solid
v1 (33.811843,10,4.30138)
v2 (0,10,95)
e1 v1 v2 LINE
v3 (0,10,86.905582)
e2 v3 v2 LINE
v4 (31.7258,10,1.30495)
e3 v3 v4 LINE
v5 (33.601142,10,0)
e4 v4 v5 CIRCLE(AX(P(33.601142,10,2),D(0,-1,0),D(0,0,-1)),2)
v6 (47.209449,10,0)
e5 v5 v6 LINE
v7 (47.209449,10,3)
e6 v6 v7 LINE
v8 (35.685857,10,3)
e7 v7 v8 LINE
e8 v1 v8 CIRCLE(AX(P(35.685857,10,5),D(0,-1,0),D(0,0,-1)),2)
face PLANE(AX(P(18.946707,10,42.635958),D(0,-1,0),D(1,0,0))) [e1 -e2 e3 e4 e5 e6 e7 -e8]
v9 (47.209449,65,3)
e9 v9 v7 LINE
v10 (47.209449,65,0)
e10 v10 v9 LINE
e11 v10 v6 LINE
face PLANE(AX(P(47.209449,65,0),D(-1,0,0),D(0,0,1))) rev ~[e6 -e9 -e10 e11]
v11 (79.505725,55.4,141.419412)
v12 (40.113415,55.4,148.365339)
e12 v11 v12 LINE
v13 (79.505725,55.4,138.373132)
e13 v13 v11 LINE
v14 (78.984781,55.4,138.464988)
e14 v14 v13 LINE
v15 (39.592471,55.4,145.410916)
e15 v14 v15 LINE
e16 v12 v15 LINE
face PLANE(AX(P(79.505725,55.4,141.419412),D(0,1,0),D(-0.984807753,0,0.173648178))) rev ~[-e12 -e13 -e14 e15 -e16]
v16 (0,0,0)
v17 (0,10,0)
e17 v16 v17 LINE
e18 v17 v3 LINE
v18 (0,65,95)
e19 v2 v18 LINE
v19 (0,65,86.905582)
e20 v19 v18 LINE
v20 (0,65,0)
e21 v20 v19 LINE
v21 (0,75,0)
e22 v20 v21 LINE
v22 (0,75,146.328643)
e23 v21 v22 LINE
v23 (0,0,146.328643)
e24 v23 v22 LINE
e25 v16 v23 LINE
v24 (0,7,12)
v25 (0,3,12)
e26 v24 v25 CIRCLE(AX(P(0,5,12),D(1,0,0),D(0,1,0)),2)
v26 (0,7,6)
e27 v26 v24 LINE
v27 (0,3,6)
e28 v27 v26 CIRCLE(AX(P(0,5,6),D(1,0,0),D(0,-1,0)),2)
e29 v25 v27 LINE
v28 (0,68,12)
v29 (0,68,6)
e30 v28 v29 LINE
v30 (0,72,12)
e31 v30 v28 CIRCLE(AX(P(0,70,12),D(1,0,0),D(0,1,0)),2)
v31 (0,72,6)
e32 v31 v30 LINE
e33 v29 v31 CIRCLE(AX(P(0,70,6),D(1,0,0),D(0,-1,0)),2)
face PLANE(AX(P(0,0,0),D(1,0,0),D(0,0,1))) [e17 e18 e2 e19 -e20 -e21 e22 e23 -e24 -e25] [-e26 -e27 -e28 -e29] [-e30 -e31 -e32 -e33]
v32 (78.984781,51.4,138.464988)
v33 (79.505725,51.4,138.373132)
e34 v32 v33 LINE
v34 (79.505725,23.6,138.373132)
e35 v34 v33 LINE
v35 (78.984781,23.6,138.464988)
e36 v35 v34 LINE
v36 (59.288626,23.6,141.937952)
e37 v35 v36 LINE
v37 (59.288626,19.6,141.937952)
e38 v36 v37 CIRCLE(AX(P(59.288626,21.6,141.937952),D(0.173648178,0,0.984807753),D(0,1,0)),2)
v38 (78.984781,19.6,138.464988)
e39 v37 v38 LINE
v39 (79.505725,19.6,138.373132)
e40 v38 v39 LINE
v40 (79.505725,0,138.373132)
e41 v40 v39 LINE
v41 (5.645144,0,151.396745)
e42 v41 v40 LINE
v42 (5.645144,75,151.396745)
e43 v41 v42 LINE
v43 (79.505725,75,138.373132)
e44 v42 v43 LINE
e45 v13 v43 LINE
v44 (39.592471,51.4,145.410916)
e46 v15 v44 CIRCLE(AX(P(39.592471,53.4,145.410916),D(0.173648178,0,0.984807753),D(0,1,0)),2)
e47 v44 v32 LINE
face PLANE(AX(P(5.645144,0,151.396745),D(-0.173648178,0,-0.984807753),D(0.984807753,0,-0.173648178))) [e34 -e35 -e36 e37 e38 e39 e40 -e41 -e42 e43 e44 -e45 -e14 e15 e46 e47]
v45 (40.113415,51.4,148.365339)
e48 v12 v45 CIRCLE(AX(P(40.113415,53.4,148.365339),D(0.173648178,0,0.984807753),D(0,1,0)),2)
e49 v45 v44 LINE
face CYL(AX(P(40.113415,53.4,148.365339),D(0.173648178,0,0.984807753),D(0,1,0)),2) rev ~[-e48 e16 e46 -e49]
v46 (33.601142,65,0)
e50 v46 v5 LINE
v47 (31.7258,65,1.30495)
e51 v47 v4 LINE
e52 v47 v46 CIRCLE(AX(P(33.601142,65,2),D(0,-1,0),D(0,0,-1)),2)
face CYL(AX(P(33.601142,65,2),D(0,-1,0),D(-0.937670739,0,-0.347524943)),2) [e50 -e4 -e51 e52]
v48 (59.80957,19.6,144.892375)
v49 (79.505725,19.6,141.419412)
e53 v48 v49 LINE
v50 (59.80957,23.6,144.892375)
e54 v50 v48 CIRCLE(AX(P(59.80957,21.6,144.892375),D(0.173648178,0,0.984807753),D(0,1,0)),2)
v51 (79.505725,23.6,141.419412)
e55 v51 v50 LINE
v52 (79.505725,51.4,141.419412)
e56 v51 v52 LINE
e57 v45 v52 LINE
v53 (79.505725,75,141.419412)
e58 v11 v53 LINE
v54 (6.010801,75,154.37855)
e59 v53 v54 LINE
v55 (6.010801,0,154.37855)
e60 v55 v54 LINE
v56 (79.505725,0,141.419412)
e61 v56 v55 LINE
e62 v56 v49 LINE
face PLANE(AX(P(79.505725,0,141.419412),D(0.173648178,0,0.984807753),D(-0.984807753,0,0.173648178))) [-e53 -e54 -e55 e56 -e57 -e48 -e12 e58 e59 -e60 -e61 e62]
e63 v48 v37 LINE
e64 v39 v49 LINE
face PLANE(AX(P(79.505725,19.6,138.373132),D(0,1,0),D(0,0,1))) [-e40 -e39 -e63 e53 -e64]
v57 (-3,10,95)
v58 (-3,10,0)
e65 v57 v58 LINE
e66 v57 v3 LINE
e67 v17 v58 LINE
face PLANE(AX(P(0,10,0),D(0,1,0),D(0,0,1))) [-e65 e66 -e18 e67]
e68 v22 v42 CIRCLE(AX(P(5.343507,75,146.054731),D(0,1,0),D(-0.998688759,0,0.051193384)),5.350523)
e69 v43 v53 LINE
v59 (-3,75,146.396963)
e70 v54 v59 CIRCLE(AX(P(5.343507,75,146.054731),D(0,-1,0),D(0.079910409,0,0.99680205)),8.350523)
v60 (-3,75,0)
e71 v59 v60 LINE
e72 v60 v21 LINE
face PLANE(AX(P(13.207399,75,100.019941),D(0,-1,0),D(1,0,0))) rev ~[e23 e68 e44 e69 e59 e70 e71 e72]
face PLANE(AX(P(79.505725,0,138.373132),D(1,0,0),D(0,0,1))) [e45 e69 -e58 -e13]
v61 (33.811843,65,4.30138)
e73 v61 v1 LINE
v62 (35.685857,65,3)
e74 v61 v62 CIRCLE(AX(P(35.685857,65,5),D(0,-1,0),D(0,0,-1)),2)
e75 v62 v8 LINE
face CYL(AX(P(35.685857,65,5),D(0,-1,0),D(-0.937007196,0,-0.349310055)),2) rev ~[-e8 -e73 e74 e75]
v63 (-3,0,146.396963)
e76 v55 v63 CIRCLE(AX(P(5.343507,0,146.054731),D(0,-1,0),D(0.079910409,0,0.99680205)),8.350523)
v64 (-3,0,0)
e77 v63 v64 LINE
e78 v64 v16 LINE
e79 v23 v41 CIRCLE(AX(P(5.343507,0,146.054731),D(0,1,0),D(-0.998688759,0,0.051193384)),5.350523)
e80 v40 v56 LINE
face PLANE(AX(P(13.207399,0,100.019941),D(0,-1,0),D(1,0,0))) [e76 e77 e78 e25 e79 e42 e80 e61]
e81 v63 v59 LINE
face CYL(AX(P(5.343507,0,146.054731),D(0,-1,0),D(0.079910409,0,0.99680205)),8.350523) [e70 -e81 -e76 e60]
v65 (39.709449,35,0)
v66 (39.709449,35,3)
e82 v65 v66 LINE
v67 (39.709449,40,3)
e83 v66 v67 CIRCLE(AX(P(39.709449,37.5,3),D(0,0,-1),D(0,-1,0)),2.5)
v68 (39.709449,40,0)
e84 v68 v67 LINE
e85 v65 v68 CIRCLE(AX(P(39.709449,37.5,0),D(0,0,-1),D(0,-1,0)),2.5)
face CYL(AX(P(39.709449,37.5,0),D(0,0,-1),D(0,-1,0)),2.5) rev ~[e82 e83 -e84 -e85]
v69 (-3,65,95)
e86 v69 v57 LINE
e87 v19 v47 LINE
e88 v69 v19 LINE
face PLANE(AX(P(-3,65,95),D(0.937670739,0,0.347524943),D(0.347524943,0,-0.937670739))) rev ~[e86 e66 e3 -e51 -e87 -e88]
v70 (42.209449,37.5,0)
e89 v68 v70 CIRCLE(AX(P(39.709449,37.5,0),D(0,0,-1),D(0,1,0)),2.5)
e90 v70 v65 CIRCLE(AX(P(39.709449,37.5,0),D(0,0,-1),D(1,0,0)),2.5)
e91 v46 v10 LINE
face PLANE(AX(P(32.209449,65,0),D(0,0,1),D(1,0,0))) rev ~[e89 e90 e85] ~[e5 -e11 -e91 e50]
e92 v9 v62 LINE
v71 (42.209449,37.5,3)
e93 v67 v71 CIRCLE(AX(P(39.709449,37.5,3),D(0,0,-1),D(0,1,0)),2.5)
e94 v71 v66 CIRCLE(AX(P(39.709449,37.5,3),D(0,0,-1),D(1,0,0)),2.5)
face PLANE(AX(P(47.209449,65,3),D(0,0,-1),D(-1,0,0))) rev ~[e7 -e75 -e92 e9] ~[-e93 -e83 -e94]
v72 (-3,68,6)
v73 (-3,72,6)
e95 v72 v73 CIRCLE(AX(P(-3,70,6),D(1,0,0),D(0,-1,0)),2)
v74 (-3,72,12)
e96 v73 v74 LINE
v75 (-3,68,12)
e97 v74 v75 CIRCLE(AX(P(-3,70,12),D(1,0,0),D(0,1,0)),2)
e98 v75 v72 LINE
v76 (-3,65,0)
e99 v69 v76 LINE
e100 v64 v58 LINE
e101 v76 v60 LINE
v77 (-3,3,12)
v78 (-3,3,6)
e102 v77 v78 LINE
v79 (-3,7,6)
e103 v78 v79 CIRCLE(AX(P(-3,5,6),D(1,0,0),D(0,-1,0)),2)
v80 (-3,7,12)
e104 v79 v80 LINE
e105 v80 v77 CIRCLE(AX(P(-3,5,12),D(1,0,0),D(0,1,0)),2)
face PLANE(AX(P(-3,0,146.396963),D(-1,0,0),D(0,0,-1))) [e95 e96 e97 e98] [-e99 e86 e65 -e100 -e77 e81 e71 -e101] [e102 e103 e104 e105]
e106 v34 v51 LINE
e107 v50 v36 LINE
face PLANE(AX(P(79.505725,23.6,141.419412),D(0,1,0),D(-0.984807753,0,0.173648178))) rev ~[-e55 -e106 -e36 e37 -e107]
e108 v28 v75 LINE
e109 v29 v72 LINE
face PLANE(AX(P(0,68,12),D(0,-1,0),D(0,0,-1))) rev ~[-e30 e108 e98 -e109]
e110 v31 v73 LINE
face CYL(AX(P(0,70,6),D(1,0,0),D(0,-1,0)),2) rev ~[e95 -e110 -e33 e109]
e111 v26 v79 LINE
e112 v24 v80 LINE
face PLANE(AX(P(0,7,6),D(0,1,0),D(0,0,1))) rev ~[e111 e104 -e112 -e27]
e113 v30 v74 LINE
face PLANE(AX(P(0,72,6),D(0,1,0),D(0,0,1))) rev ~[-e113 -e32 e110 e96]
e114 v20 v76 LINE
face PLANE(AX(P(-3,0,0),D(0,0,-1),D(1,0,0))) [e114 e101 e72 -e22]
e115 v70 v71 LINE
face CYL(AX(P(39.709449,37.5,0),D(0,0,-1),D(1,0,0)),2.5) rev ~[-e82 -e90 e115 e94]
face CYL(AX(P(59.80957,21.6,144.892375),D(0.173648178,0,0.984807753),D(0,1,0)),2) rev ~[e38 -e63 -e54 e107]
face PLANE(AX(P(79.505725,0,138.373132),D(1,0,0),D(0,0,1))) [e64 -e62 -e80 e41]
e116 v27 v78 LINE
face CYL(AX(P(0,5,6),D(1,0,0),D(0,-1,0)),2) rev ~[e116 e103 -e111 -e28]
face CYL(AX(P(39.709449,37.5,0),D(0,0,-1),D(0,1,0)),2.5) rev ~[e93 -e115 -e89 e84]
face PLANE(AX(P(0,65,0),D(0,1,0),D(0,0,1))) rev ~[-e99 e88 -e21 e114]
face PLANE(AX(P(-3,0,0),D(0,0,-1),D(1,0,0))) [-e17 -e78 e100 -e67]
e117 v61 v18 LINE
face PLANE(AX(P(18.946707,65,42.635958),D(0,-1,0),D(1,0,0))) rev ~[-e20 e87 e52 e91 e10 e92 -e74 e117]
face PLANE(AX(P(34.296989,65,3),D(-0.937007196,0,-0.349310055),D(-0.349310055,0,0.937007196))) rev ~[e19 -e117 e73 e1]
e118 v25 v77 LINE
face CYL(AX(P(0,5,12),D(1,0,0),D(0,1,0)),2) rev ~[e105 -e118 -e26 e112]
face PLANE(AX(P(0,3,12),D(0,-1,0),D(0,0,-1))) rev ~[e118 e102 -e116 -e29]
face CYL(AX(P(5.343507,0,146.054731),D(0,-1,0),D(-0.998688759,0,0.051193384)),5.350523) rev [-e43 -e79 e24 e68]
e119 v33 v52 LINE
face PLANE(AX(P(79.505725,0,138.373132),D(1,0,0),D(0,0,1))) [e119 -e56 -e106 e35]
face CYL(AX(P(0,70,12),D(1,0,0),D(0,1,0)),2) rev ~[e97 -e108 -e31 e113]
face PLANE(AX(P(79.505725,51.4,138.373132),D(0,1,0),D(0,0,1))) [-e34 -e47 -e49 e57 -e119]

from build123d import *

# Parameters (mm, degrees)
F1_DEPTH  = 75
F2_W      = 55
F2_H      = 95
F3_DEPTH  = 3.001
F5_DEPTH  = 55
F7_DEPTH  = 3
F9_DEPTH  = 3
F10_R     = 2
F12_DEPTH = 3
F13_W     = 4
F13_H     = 3.0462798357
F14_DEPTH = 1


with BuildPart() as f1:
    # F0 (on Front) → F1 (new body)
    with BuildSketch(Plane.XZ):
        with BuildLine():
            Line((-3, 0), (0, 0))
            Line((0, 0), (0, 146.328642619))
            ThreePointArc((0, 146.328642619), (1.7690799336, 150.0361338491), (5.6451438845, 151.3967452123))
            Line((5.6451438845, 151.3967452123), (79.5057253604, 138.3731318873))
            Line((79.5057253604, 138.3731318873), (79.5057253604, 141.4194117229))
            Line((79.5057253604, 141.4194117229), (6.010801042, 154.3785498254))
            ThreePointArc((6.010801042, 154.3785498254), (-0.193413929, 152.3056303595), (-3, 146.396962731))
            Line((-3, 146.396962731), (-3, 146.1928579517))
            Line((-3, 146.1928579517), (-3, 0))
        make_face()
    extrude(amount=-F1_DEPTH)

    # F2 (on face) → F3 (cut, through all)
    with BuildSketch(Plane.YZ):
        with Locations((37.5, 47.5)):
            Rectangle(F2_W, F2_H)
    extrude(amount=-F3_DEPTH, mode=Mode.SUBTRACT)

    # F4 (on face) → F5 (join)
    with BuildSketch(Plane.XZ.offset(-65)):
        Polygon((0, 95), (-3, 95), (32.2094485164, 0), (47.2094485164, 0), (47.2094485164, 3), (34.2969885133, 3), align=None)
    extrude(amount=F5_DEPTH)

    # F6 (on face) → F7 (cut)
    with BuildSketch(Plane(origin=(0, 0, 0), x_dir=(1, 0, 0), z_dir=(0, 0, -1))):
        with BuildLine():
            ThreePointArc((42.2094485164, -37.5), (41.4772154693, -35.732233047), (39.7094485164, -35))
            Line((39.7094485164, -35), (39.7094485164, -40))
            ThreePointArc((39.7094485164, -40), (41.4772154693, -39.267766953), (42.2094485164, -37.5))
        make_face()
        with BuildLine():
            Line((39.7094485164, -40), (39.7094485164, -35))
            ThreePointArc((39.7094485164, -35), (37.2094485164, -37.5), (39.7094485164, -40))
        make_face()
    extrude(amount=-F7_DEPTH, mode=Mode.SUBTRACT)

    # F8 (on face) → F9 (cut, through all)
    with BuildSketch(Plane.YZ):
        with BuildLine():
            Line((7, 6), (7, 12))
            ThreePointArc((7, 12), (5, 14), (3, 12))
            Line((3, 12), (3, 6))
            ThreePointArc((3, 6), (5, 4), (7, 6))
        make_face()
        with BuildLine():
            ThreePointArc((72, 12), (70, 14), (68, 12))
            Line((68, 12), (68, 6))
            ThreePointArc((68, 6), (70, 4), (72, 6))
            Line((72, 6), (72, 12))
        make_face()
    extrude(amount=-F9_DEPTH, mode=Mode.SUBTRACT)

    # F10
    f10_edges = [f1.edges().sort_by_distance(p)[0] for p in [
        (32.209449, 37.5, 0),
        (34.296989, 37.5, 3),
    ]]
    fillet(f10_edges, radius=F10_R)

    # F11 (on face) → F12 (cut, through all)
    with BuildSketch(Plane(origin=(26.5815346978, 0, 150.7513744689), x_dir=(0.984807753, 0, -0.1736481777), z_dir=(0.1736481777, 0, 0.984807753))):
        with BuildLine():
            Line((53.7406316114, 23.6), (33.7406316114, 23.6))
            ThreePointArc((33.7406316114, 23.6), (31.7406316114, 21.6), (33.7406316114, 19.6))
            Line((33.7406316114, 19.6), (53.7406316114, 19.6))
            Line((53.7406316114, 19.6), (53.7406316114, 23.6))
        make_face()
        with BuildLine():
            Line((13.7406316114, 51.4), (33.7406316114, 51.4))
            Line((33.7406316114, 51.4), (53.7406316114, 51.4))
            Line((53.7406316114, 51.4), (53.7406316114, 55.4))
            Line((53.7406316114, 55.4), (13.7406316114, 55.4))
            ThreePointArc((13.7406316114, 55.4), (11.7406316114, 53.4), (13.7406316114, 51.4))
        make_face()
    extrude(amount=-F12_DEPTH, mode=Mode.SUBTRACT)

    # F13 (on face) → F14 (cut)
    with BuildSketch(Plane.YZ.offset(79.5057253604)):
        with Locations((21.6, 139.8962718051)):
            Rectangle(F13_W, F13_H)
        with Locations((53.4, 139.8962718051)):
            Rectangle(F13_W, F13_H)
    extrude(amount=-F14_DEPTH, mode=Mode.SUBTRACT)


solid = f1.part
